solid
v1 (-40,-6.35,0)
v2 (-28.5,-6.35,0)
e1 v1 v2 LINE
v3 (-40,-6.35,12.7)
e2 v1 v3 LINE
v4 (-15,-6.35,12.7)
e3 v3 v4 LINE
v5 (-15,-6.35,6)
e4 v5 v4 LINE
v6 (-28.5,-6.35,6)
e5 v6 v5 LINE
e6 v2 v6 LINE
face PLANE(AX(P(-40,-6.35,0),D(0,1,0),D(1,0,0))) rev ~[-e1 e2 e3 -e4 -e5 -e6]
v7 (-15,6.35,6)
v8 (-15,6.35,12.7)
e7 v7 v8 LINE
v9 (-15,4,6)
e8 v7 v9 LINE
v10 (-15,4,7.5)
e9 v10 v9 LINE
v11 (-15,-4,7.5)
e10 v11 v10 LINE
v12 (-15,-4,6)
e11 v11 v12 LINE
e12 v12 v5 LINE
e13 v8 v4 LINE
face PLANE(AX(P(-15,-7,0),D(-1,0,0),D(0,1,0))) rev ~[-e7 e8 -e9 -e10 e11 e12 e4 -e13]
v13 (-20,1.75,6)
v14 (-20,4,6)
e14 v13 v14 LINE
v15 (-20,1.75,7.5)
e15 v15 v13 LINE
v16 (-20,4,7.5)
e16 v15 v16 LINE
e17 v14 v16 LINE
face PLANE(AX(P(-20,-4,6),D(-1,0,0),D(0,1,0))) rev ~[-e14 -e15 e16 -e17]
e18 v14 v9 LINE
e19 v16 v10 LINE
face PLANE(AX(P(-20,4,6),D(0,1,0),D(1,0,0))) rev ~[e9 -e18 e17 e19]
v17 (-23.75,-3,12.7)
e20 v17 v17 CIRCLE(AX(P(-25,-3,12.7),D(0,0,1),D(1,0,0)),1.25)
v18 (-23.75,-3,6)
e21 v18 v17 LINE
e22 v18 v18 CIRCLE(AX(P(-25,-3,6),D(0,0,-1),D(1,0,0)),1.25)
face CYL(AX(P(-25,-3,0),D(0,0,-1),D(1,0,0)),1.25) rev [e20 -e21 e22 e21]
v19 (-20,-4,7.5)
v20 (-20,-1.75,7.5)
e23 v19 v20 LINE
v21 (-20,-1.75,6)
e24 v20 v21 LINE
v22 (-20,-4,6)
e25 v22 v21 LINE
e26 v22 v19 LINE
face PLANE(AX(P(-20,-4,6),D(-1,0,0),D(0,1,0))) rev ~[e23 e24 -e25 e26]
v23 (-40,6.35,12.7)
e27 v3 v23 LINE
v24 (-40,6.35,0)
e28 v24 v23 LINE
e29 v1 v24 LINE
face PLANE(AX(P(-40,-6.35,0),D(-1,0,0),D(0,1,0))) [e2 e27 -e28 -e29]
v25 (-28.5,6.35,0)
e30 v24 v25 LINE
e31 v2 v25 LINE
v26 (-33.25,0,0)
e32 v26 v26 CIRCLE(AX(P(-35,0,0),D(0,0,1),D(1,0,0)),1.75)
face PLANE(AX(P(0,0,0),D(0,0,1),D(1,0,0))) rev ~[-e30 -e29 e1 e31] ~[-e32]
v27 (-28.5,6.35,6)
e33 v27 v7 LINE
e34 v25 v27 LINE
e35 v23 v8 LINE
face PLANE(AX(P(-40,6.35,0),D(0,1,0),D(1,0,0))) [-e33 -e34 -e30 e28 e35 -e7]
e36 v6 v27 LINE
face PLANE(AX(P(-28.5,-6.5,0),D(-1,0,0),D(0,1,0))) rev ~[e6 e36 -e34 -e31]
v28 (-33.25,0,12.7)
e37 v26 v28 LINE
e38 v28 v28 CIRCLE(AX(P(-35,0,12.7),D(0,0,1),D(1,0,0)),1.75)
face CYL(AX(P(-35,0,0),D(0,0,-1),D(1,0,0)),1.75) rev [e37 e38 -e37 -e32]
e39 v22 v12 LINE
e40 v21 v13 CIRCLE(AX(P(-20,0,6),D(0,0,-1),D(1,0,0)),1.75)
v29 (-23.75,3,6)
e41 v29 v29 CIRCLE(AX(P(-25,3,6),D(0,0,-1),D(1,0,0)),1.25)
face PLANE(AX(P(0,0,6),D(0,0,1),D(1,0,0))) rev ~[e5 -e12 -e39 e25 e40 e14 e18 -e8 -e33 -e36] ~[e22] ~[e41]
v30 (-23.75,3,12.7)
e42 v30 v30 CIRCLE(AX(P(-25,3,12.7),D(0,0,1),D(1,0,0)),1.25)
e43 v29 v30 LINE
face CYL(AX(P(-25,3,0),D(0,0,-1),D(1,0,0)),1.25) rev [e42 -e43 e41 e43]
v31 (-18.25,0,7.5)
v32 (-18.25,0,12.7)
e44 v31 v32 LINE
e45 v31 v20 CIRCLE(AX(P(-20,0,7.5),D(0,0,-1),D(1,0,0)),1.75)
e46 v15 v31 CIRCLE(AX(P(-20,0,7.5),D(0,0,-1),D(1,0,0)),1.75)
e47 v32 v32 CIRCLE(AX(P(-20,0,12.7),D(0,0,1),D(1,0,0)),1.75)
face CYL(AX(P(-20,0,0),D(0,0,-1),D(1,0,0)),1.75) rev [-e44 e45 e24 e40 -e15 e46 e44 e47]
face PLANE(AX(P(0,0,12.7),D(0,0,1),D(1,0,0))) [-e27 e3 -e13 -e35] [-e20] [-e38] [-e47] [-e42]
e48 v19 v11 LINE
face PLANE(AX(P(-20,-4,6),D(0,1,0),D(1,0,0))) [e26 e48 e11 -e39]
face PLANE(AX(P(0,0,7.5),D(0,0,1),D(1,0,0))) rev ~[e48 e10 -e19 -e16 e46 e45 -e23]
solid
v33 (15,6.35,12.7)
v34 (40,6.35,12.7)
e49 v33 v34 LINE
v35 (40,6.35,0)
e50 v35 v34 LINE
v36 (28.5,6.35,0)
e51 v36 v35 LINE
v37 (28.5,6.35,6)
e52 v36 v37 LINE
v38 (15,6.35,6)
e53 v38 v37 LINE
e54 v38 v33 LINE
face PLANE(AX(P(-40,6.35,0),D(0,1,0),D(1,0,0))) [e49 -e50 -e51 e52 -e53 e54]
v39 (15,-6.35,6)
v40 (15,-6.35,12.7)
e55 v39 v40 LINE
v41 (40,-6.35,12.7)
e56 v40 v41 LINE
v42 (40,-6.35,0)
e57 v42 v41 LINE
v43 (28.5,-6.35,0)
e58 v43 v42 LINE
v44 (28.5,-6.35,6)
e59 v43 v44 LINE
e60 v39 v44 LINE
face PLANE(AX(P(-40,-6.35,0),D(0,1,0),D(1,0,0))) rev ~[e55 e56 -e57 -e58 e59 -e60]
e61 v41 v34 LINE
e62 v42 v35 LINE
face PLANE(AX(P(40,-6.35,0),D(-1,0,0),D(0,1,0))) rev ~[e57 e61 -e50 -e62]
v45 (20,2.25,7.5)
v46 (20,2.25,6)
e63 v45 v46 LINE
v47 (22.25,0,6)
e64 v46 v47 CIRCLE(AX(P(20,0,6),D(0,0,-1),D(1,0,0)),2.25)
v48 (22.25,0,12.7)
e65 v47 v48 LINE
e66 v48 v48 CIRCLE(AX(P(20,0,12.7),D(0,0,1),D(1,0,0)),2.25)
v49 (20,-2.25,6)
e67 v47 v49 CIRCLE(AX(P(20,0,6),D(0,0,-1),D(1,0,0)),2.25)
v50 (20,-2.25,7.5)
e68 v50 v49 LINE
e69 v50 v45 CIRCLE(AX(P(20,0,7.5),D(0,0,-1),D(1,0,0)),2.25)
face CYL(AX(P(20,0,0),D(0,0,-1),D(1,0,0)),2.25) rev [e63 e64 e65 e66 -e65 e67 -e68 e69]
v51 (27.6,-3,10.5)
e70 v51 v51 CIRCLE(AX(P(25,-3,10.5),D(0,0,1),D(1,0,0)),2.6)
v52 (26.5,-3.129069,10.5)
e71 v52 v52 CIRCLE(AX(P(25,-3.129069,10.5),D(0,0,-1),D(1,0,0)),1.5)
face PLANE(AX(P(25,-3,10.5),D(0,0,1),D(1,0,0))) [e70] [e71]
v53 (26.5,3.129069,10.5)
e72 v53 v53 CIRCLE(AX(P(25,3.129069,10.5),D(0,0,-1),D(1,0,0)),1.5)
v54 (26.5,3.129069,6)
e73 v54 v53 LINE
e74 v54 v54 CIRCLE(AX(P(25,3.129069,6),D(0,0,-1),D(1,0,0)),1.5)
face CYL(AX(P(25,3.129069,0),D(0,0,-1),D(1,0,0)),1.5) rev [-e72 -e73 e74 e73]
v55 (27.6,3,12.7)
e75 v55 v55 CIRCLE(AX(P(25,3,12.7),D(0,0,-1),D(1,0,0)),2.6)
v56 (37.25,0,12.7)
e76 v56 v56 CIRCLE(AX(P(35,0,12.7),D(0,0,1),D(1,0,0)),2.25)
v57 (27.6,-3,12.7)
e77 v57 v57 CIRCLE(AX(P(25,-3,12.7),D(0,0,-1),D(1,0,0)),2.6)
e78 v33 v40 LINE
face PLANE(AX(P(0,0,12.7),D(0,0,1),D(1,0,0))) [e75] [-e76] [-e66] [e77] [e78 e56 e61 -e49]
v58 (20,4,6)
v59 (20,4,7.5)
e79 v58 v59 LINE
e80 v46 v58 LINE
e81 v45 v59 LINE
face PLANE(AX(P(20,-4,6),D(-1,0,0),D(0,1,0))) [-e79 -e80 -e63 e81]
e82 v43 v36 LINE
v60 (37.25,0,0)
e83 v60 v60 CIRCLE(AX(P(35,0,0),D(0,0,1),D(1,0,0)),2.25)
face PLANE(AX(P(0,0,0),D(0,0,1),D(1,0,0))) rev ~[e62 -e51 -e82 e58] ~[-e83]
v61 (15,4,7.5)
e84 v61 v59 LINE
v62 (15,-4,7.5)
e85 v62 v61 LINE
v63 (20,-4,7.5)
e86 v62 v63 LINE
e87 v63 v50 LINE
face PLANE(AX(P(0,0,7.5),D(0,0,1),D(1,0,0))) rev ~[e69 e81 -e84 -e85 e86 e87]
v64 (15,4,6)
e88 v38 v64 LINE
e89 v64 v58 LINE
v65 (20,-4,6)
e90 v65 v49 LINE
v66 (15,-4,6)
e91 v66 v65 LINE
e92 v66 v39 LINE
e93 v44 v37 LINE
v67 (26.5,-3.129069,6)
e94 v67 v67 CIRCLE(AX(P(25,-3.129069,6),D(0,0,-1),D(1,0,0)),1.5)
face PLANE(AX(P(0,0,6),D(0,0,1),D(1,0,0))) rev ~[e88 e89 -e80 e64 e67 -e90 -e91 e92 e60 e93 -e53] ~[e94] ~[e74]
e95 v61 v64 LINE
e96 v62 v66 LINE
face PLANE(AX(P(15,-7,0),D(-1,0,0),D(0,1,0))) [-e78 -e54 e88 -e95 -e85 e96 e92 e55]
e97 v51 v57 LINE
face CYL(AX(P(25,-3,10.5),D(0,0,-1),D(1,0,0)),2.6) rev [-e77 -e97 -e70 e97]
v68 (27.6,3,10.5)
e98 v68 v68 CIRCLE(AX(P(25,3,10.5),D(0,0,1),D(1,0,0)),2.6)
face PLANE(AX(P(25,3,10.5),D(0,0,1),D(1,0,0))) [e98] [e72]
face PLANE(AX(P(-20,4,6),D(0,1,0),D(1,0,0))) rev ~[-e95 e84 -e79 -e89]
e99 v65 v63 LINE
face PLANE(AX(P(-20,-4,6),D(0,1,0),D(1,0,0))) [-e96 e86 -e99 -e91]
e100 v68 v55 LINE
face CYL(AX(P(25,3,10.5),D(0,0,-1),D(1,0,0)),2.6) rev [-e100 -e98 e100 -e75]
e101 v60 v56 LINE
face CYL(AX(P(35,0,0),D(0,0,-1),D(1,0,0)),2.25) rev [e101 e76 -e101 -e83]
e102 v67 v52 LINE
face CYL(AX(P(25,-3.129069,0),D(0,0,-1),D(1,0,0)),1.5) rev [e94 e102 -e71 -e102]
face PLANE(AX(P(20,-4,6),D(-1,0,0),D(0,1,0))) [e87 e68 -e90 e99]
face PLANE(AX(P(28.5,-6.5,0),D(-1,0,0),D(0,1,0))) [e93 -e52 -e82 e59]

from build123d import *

# Parameters (mm, degrees)
CYLINDER_R        = 2.6
CYLINDER_DEPTH    = 2.5
CYLINDER001_R     = 2.6
CYLINDER001_DEPTH = 2.5
BOX002_W          = 40
BOX002_H          = 8
BOX002_DEPTH      = 1.5
BOX001_W          = 30
BOX001_H          = 15
BOX001_DEPTH      = 15
BOX_W             = 57
BOX_H             = 13
BOX_DEPTH         = 6
SKETCH_W          = 80
SKETCH_H          = 12.7
SKETCH_R          = 2.25
SKETCH_R_2        = 1.75
SKETCH_R_3        = 1.25
SKETCH_R_4        = 1.5
EXTRUDE_DEPTH     = 12.7


with BuildPart() as cylinder:
    # Cylinder → Cylinder (new body)
    with BuildSketch(Plane(origin=(25, 3, 10.5), x_dir=(1, 0, 0), z_dir=(0, 0, 1))):
        Circle(CYLINDER_R)
    extrude(amount=CYLINDER_DEPTH)


with BuildPart() as cylinder001:
    # Cylinder001 → Cylinder001 (new body)
    with BuildSketch(Plane(origin=(25, -3, 10.5), x_dir=(1, 0, 0), z_dir=(0, 0, 1))):
        Circle(CYLINDER001_R)
    extrude(amount=CYLINDER001_DEPTH)


with BuildPart() as cube002:
    # Box002 → Box002 (new body)
    with BuildSketch(Plane(origin=(-20, -4, 6), x_dir=(1, 0, 0), z_dir=(0, 0, 1))):
        with Locations((20, 4)):
            Rectangle(BOX002_W, BOX002_H)
    extrude(amount=BOX002_DEPTH)


with BuildPart() as cube001:
    # Box001 → Box001 (new body)
    with BuildSketch(Plane(origin=(-15, -7, 0), x_dir=(1, 0, 0), z_dir=(0, 0, 1))):
        with Locations((15, 7.5)):
            Rectangle(BOX001_W, BOX001_H)
    extrude(amount=BOX001_DEPTH)


with BuildPart() as cube:
    # Box → Box (new body)
    with BuildSketch(Plane(origin=(-28.5, -6.5, 0), x_dir=(1, 0, 0), z_dir=(0, 0, 1))):
        with Locations((28.5, 6.5)):
            Rectangle(BOX_W, BOX_H)
    extrude(amount=BOX_DEPTH)


with BuildPart() as cut004:
    # Sketch → Extrude (new body)
    with BuildSketch(Plane.XY):
        Rectangle(SKETCH_W, SKETCH_H)
        with Locations((35, 0)):
            Circle(SKETCH_R, mode=Mode.SUBTRACT)
        with Locations((20, 0)):
            Circle(SKETCH_R, mode=Mode.SUBTRACT)
        with Locations((-35, 0)):
            Circle(SKETCH_R_2, mode=Mode.SUBTRACT)
        with Locations((-20, 0)):
            Circle(SKETCH_R_2, mode=Mode.SUBTRACT)
        with Locations((-25, 3)):
            Circle(SKETCH_R_3, mode=Mode.SUBTRACT)
        with Locations((-25, -3)):
            Circle(SKETCH_R_3, mode=Mode.SUBTRACT)
        with Locations((25, 3.129069)):
            Circle(SKETCH_R_4, mode=Mode.SUBTRACT)
        with Locations((25, -3.129069)):
            Circle(SKETCH_R_4, mode=Mode.SUBTRACT)
    extrude(amount=EXTRUDE_DEPTH)

    # Cut: cut Cube
    add(cube.part, mode=Mode.SUBTRACT)

    # Cut001: cut Cube001
    add(cube001.part, mode=Mode.SUBTRACT)

    # Cut002: cut Cube002
    add(cube002.part, mode=Mode.SUBTRACT)

    # Cut003: cut Cylinder001
    add(cylinder001.part, mode=Mode.SUBTRACT)

    # Cut004: cut Cylinder
    add(cylinder.part, mode=Mode.SUBTRACT)


solid = cut004.part
